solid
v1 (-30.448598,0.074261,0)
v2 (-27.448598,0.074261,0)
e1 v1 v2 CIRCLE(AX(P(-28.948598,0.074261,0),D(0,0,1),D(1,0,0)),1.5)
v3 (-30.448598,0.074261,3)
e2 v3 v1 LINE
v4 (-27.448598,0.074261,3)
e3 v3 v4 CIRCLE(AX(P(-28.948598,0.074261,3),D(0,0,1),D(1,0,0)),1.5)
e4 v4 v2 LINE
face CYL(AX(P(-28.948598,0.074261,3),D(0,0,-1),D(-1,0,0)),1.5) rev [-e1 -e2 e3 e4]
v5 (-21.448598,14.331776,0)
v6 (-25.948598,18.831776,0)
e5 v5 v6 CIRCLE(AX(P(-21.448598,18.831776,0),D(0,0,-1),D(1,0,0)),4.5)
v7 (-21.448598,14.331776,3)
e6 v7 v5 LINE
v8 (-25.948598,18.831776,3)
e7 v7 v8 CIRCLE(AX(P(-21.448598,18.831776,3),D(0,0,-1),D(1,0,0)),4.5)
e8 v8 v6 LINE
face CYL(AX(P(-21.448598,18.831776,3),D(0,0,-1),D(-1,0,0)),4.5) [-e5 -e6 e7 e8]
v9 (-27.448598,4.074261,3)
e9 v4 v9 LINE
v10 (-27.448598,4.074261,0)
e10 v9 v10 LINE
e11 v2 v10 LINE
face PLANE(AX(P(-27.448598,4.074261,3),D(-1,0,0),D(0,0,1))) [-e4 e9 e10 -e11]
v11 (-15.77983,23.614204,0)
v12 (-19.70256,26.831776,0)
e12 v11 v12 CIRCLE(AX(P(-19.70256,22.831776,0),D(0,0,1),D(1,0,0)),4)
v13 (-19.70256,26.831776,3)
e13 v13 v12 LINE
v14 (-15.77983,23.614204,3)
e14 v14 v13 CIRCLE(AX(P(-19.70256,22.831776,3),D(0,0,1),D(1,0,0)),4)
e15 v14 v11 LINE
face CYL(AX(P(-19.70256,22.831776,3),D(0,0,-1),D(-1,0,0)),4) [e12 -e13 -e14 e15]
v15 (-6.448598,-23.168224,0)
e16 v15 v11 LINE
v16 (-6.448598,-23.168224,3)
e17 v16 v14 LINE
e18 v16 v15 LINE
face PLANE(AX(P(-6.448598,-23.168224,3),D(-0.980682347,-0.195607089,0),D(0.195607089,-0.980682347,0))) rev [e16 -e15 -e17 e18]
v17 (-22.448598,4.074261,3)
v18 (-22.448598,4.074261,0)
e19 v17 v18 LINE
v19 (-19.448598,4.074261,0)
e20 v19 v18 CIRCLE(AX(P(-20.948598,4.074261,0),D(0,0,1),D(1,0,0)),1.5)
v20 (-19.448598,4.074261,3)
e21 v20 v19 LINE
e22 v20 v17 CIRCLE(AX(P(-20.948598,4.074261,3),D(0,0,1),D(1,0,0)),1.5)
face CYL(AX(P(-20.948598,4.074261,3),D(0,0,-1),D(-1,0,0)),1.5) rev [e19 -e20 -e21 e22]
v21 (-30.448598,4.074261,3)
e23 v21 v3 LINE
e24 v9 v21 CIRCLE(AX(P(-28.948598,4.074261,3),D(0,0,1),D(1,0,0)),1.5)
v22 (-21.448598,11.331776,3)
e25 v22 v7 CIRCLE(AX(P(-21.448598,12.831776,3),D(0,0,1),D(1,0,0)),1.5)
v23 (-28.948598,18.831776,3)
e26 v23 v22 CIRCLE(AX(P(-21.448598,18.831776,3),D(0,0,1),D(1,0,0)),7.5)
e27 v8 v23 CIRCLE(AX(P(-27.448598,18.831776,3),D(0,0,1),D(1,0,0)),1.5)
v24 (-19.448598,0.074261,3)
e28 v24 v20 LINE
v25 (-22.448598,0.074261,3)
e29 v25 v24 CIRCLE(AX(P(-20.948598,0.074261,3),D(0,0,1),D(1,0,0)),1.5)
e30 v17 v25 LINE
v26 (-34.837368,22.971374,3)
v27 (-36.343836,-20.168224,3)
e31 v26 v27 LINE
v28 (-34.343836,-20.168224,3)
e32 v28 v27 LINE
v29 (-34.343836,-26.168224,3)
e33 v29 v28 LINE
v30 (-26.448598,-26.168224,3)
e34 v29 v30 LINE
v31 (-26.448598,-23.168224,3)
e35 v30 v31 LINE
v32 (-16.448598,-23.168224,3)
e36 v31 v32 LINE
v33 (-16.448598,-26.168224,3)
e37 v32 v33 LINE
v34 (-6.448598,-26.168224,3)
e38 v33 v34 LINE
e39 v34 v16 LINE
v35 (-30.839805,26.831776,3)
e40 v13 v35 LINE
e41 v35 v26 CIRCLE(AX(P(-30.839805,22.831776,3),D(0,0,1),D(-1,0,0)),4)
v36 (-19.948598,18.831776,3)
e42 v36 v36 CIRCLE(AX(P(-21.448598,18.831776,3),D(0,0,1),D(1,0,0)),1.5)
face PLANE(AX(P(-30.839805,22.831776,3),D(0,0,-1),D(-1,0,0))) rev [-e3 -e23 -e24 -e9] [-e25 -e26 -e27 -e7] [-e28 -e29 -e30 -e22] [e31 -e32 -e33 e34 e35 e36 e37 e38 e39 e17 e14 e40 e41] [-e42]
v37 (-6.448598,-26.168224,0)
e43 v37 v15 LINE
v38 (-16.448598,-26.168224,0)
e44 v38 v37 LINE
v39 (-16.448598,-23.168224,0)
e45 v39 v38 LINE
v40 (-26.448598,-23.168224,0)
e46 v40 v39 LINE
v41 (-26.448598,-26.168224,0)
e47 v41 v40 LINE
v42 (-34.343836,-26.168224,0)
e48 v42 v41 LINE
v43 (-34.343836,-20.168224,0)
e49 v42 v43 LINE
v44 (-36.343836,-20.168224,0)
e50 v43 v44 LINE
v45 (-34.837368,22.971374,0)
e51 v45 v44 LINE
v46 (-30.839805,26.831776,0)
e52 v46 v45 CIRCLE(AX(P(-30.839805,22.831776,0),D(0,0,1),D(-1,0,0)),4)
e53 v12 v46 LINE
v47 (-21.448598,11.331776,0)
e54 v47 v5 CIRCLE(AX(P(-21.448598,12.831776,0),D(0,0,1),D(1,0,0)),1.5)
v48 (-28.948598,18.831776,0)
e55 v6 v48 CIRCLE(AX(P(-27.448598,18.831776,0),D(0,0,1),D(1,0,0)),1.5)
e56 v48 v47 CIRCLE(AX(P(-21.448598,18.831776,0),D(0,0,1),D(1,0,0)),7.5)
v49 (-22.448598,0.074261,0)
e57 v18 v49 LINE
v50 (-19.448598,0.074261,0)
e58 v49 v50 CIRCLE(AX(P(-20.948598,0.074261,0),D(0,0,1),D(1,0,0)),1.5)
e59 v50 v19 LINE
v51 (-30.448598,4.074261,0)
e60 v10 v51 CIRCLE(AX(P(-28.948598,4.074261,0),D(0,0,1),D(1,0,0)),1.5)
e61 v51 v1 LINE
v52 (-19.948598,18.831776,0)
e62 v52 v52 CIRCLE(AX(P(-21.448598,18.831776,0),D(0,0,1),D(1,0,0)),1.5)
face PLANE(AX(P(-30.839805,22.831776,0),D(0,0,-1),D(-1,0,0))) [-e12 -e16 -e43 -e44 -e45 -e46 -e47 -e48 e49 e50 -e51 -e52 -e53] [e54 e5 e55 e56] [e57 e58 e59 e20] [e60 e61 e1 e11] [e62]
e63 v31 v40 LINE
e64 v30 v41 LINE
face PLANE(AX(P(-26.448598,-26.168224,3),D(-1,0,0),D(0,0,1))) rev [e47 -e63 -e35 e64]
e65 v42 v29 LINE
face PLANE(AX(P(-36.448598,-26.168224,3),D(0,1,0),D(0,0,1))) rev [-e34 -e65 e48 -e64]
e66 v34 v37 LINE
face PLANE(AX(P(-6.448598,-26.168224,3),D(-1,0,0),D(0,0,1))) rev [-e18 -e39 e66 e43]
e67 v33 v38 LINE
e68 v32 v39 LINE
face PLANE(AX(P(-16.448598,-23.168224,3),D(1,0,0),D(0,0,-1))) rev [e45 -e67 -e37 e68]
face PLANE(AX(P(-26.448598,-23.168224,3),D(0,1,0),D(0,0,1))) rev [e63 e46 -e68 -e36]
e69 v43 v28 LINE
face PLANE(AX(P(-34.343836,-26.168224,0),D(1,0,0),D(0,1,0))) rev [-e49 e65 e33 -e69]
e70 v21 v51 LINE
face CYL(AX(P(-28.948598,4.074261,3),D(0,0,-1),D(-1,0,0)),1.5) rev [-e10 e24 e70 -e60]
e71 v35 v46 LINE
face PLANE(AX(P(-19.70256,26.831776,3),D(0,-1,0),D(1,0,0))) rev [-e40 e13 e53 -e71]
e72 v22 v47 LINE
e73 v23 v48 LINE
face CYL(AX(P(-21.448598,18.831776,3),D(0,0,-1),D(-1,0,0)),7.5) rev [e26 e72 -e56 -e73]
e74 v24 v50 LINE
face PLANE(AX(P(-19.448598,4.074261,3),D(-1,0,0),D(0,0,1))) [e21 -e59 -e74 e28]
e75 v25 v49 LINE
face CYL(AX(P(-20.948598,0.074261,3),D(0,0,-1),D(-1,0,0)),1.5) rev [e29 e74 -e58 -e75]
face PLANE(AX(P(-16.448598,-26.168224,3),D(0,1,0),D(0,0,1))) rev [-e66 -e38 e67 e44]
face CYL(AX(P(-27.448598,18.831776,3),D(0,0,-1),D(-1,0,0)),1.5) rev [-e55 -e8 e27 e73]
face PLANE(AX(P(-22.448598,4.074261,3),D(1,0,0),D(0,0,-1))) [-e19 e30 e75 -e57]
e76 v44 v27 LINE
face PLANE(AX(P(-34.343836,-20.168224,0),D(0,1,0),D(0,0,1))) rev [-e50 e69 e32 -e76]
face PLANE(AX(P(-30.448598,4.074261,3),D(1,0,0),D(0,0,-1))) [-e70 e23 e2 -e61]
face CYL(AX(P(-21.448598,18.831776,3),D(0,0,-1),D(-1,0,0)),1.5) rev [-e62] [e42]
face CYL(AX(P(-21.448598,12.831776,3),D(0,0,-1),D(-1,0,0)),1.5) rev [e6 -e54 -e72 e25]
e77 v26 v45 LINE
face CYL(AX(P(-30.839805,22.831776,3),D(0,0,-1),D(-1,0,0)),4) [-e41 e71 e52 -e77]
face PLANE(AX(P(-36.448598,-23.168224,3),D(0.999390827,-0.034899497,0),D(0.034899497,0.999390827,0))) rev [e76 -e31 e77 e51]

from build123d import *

# Parameters (mm, degrees)
SKETCH1_R           = 1.5
BOSS_EXTRUDE1_DEPTH = 3
CUT_EXTRUDE1_DEPTH  = 4


with BuildPart() as part:
    # Sketch1 → Boss-Extrude1 (new body)
    with BuildSketch(Plane.XY):
        with BuildLine():
            Line((-36.448598131, -26.168224299), (-36.448598131, -23.168224299))
            Line((-36.448598131, -23.168224299), (-34.837367865, 22.971373688))
            ThreePointArc((-34.837367865, 22.971373688), (-33.618438039, 25.709134902), (-30.839804557, 26.831775701))
            Line((-30.839804557, 26.831775701), (-19.702559656, 26.831775701))
            ThreePointArc((-19.702559656, 26.831775701), (-17.165801235, 25.924485955), (-15.779830266, 23.614204058))
            Line((-15.779830266, 23.614204058), (-6.448598131, -23.168224299))
            Line((-6.448598131, -23.168224299), (-6.448598131, -26.168224299))
            Line((-6.448598131, -26.168224299), (-16.448598131, -26.168224299))
            Line((-16.448598131, -26.168224299), (-16.448598131, -23.168224299))
            Line((-16.448598131, -23.168224299), (-26.448598131, -23.168224299))
            Line((-26.448598131, -23.168224299), (-26.448598131, -26.168224299))
            Line((-26.448598131, -26.168224299), (-36.448598131, -26.168224299))
        make_face()
        with Locations((-21.448598131, 18.831775701)):
            Circle(SKETCH1_R, mode=Mode.SUBTRACT)
        with BuildLine():
            Line((-27.448598131, 4.074261176), (-27.448598131, 0.074261176))
            ThreePointArc((-27.448598131, 0.074261176), (-28.948598131, -1.425738824), (-30.448598131, 0.074261176))
            Line((-30.448598131, 0.074261176), (-30.448598131, 4.074261176))
            ThreePointArc((-30.448598131, 4.074261176), (-28.948598131, 5.574261176), (-27.448598131, 4.074261176))
        make_face(mode=Mode.SUBTRACT)
        with BuildLine():
            Line((-19.448598131, 4.074261176), (-19.448598131, 0.074261176))
            ThreePointArc((-19.448598131, 0.074261176), (-20.948598131, -1.425738824), (-22.448598131, 0.074261176))
            Line((-22.448598131, 0.074261176), (-22.448598131, 4.074261176))
            ThreePointArc((-22.448598131, 4.074261176), (-20.948598131, 5.574261176), (-19.448598131, 4.074261176))
        make_face(mode=Mode.SUBTRACT)
        with BuildLine():
            ThreePointArc((-28.948598131, 18.831775701), (-26.75189899, 13.528474842), (-21.448598131, 11.331775701))
            ThreePointArc((-21.448598131, 11.331775701), (-19.948598131, 12.831775701), (-21.448598131, 14.331775701))
            ThreePointArc((-21.448598131, 14.331775701), (-24.630578646, 15.649795186), (-25.948598131, 18.831775701))
            ThreePointArc((-25.948598131, 18.831775701), (-27.448598131, 20.331775701), (-28.948598131, 18.831775701))
        make_face(mode=Mode.SUBTRACT)
    extrude(amount=BOSS_EXTRUDE1_DEPTH)

    # Sketch2 → Cut-Extrude1 (cut, through all)
    with BuildSketch(Plane.XY.offset(3)):
        Polygon((-34.343835822, -26.168224299), (-34.343835822, -20.168224299), (-36.343835822, -20.168224299), (-36.448598131, -23.168224299), (-36.448598131, -26.168224299), align=None)
    extrude(amount=-CUT_EXTRUDE1_DEPTH, mode=Mode.SUBTRACT)


solid = part.part
